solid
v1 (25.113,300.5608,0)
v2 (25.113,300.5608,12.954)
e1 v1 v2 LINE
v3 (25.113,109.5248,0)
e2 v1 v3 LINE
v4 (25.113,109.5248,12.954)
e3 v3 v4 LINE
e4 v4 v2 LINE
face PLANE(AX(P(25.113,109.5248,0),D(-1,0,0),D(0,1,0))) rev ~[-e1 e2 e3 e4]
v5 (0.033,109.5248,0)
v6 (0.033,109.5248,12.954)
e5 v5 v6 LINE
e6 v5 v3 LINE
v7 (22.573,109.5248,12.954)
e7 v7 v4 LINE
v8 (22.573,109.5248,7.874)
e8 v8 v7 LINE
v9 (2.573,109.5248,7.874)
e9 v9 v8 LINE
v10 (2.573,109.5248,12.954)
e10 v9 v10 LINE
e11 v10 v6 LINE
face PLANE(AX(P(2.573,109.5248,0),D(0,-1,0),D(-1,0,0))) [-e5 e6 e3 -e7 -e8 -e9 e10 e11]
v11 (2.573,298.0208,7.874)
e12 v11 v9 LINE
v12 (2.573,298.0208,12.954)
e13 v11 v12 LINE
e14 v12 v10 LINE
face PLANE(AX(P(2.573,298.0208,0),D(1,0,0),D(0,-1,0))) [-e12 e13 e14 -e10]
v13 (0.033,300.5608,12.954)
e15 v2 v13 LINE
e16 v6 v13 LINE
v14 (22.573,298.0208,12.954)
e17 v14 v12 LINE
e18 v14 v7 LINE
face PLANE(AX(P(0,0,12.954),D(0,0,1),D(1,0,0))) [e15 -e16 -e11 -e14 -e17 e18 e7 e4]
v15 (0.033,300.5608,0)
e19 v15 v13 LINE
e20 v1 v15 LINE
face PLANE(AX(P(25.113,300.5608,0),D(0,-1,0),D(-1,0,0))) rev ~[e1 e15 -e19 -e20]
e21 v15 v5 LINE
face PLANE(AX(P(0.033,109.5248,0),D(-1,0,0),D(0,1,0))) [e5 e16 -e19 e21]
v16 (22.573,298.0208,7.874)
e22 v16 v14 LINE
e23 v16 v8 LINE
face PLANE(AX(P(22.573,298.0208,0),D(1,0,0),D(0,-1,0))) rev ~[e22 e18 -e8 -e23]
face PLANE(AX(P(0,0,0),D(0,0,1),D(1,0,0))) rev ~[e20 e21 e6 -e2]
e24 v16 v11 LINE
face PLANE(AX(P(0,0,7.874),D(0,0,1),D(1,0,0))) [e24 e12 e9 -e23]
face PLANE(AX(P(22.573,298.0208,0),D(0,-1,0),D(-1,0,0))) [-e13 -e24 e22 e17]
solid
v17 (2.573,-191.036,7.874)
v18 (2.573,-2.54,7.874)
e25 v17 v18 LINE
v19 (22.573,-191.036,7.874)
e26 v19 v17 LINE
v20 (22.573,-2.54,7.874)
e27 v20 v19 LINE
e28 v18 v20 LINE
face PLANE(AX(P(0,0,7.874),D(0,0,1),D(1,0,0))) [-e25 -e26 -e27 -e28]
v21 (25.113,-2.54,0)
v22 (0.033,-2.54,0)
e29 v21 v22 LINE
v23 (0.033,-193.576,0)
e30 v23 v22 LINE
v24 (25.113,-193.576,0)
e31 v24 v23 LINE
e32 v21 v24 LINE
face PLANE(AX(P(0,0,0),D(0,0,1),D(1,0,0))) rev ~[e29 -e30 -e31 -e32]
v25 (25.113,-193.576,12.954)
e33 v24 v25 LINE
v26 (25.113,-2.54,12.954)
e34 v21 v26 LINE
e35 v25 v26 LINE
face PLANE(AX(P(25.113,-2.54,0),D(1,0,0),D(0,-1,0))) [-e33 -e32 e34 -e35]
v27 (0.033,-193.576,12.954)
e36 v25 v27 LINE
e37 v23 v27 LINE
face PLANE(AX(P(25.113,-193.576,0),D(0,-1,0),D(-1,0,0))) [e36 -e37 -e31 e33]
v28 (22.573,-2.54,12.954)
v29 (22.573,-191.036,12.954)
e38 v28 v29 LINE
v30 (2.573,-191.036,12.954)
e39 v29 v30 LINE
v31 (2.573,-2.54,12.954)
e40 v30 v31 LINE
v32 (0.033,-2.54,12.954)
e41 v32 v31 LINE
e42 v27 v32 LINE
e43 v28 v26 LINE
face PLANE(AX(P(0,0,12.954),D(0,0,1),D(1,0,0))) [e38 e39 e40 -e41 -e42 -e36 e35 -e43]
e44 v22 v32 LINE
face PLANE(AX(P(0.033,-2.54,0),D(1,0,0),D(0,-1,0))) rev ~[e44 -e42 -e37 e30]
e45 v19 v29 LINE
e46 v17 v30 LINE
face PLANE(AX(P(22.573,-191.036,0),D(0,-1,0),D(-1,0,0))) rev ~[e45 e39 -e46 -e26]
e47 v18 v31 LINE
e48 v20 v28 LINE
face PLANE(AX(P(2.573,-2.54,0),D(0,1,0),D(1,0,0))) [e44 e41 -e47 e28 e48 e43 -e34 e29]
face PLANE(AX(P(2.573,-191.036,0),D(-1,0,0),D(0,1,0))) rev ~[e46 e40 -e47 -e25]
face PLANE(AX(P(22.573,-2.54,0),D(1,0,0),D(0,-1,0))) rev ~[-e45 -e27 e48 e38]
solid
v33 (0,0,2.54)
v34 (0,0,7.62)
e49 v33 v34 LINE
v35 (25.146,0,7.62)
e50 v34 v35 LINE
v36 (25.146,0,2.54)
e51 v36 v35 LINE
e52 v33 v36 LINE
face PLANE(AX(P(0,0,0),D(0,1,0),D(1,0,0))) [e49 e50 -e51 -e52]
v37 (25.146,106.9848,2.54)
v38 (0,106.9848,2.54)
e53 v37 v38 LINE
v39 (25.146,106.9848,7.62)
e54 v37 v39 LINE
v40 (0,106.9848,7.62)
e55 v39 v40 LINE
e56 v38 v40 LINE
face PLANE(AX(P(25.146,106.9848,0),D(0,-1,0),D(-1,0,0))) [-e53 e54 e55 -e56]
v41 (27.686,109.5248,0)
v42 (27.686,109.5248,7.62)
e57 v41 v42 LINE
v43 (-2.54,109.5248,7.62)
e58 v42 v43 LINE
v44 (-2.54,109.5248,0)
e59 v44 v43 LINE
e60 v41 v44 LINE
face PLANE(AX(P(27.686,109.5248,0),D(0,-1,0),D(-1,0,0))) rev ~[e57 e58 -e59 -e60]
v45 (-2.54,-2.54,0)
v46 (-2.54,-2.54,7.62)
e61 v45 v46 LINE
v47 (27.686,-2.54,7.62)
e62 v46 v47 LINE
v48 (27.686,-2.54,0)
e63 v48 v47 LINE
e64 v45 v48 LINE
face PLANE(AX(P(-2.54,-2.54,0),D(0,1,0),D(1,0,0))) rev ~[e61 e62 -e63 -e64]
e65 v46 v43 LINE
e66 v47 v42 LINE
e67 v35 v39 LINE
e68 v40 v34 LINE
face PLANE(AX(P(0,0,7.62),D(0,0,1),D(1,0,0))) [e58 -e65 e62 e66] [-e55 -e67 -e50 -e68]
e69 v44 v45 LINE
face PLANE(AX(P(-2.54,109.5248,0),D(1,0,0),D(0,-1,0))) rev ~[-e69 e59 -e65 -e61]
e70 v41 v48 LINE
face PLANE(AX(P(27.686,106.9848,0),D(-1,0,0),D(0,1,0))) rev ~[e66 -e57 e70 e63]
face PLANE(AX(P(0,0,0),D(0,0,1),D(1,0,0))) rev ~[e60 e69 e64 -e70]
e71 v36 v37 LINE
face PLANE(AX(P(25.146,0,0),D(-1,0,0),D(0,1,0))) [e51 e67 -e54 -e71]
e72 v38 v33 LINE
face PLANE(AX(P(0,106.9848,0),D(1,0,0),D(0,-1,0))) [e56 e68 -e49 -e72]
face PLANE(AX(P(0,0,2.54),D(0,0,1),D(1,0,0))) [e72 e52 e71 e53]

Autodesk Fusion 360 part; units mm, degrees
sketch "Sketch2" plane through (0, 0, 0) normal (0, 0, 1) x (1, 0, 0)
  line L0 (0, 0) -> (25.146, 0)
  line L1 (25.146, 0) -> (25.146, 106.9848)
  line L2 (25.146, 106.9848) -> (0, 106.9848)
  line L3 (0, 106.9848) -> (0, 0)
  line L4 (0, 106.9848) -> (-2.54, 106.9848)
  line L5 (-2.54, 106.9848) -> (-2.54, 0)
  line L6 (-2.54, 0) -> (0, 0)
  line L7 (0, 0) -> (0, 106.9848)
  line L8 (25.146, 0) -> (27.686, 0)
  line L9 (27.686, 0) -> (27.686, 106.9848)
  line L10 (27.686, 106.9848) -> (25.146, 106.9848)
  line L11 (25.146, 106.9848) -> (25.146, 0)
  line L12 (71.12, 68.58) -> (71.12, 66.04)
  line L13 (-2.54, 104.4448) -> (-2.54, 106.9848)
  line L14 (-2.54, 106.9848) -> (27.686, 106.9848)
  line L15 (27.686, 106.9848) -> (27.686, 109.5248)
  line L16 (27.686, 109.5248) -> (-2.54, 109.5248)
  line L17 (-2.54, 109.5248) -> (-2.54, 106.9848)
  line L18 (27.686, 0) -> (-2.54, 0)
  line L19 (-2.54, 0) -> (-2.54, -2.54)
  line L20 (-2.54, -2.54) -> (27.686, -2.54)
  line L21 (27.686, -2.54) -> (27.686, 0)
  dimension "d46" = 25.146
  dimension "d47" = 106.9848
  dimension "d48" = 2.54
  dimension "d49" = 2.54
  dimension "d51" = 2.54
  dimension "d52" = 2.54
  dimension "d53" = 30.226
  dimension "d54" = 2.54
  dimension "d55" = 30.226
  dimension "d96" = 106.9848
extrude "Extrude10" add sketch "Sketch2" along normal blind 2.54 contours L0 L1 L2 L3 L7 L11 L14 L18 makes body 1
extrude "Extrude11" add sketch "Sketch2" along normal blind 7.62 contours L1 L8 L9 L10 L11 L14 L18 bodies 1
extrude "Extrude12" add sketch "Sketch2" along normal blind 7.62 contours L0 L6 L8 L18 L19 L20 L21 bodies 1
extrude "Extrude13" add sketch "Sketch2" along normal blind 7.62 contours L3 L4 L5 L6 L7 L13 L14 L18 bodies 1
extrude "Extrude14" add sketch "Sketch2" along normal blind 7.62 contours L2 L4 L10 L14 L15 L16 L17 bodies 1
sketch "Sketch3" plane through (0, 0, 0) normal (0, 0, 1) x (1, 0, 0)
  line L0 (2.573, -2.54) -> (22.573, -2.54)
  line L1 (22.573, -2.54) -> (22.573, -191.036)
  line L2 (22.573, -191.036) -> (2.573, -191.036)
  line L3 (2.573, -191.036) -> (2.573, -2.54)
  line L4 (-2.54, -2.54) -> (27.686, -2.54)
  line L5 (27.686, -2.54) -> (27.686, 6.5024) construction
  line L6 (-2.54, -2.54) -> (-2.54, 5.6707) construction
  line L7 (2.573, -2.54) -> (0.033, -2.54) construction
  line L8 (0.033, -191.036) -> (2.573, -191.036) construction
  line L9 (2.573, -2.54) -> (0.033, -2.54)
  line L10 (0.033, -2.54) -> (0.033, -191.036)
  line L11 (0.033, -191.036) -> (2.573, -191.036)
  line L12 (2.573, -191.036) -> (2.573, -2.54)
  line L13 (22.573, -2.54) -> (25.113, -2.54)
  line L14 (25.113, -2.54) -> (25.113, -191.036)
  line L15 (25.113, -191.036) -> (22.573, -191.036)
  line L16 (22.573, -191.036) -> (22.573, -2.54)
  line L17 (0.033, -191.036) -> (25.113, -191.036)
  line L18 (25.113, -191.036) -> (25.113, -193.576)
  line L19 (25.113, -193.576) -> (0.033, -193.576)
  line L20 (0.033, -193.576) -> (0.033, -191.036)
  line L21 (-2.54, 106.9848) -> (-2.54, 0)
  line L22 (-2.54, 53.4924) -> (30.48, 53.4924)
  line L23 (25.113, 109.5248) -> (25.113, 298.0208)
  line L24 (22.573, 298.0208) -> (22.573, 109.5248)
  line L25 (2.573, 298.0208) -> (2.573, 109.5248)
  line L26 (0.033, 109.5248) -> (0.033, 298.0208)
  line L27 (2.573, 109.5248) -> (22.573, 109.5248)
  line L28 (2.573, 109.5248) -> (0.033, 109.5248)
  line L29 (22.573, 109.5248) -> (25.113, 109.5248)
  line L30 (27.686, 109.5248) -> (27.686, 100.4824) construction
  line L31 (-2.54, 109.5248) -> (-2.54, 101.3141) construction
  line L32 (25.113, 300.5608) -> (0.033, 300.5608)
  line L33 (0.033, 298.0208) -> (2.573, 298.0208)
  line L34 (22.573, 298.0208) -> (2.573, 298.0208)
  line L35 (25.113, 298.0208) -> (22.573, 298.0208)
  line L36 (25.113, 298.0208) -> (25.113, 300.5608)
  line L37 (0.033, 300.5608) -> (0.033, 298.0208)
  dimension "d66" = 188.496
  dimension "d67" = 20
  dimension "d68" = 5.113
  dimension "d69" = 5.113
  dimension "d71" = 188.496
  dimension "d72" = 2.54
  dimension "d73" = 188.496
  dimension "d74" = 2.54
  dimension "d75" = 188.496
  dimension "d76" = 25.08
  dimension "d77" = 2.54
extrude "Extrude15" add sketch "Sketch3" along normal blind 7.874 separate body contours L0 L1 L2 L3 L4 L12 L16 L17 makes body 2
extrude "Extrude16" add sketch "Sketch3" along normal blind 12.954 separate body contours L1 L4 L13 L14 L15 L16 L17 makes body 3
extrude "Extrude17" add sketch "Sketch3" along normal blind 12.954 separate body contours L3 L4 L9 L10 L11 L12 L17 makes body 4
extrude "Extrude18" add sketch "Sketch3" along normal blind 12.954 separate body contours L2 L11 L15 L17 L18 L19 L20 makes body 5
combine "Combine1" operation add target body 2 tool bodies 5 4 3
extrude "Extrude19" add sketch "Sketch3" along normal blind 7.874 separate body contours L24 L25 L27 L34 makes body 6
extrude "Extrude20" add sketch "Sketch3" along normal blind 12.954 separate body contours L23 L24 L29 L35 makes body 7
extrude "Extrude21" add sketch "Sketch3" along normal blind 12.954 separate body contours L32 L33 L34 L35 L36 L37 makes body 8
extrude "Extrude22" add sketch "Sketch3" along normal blind 12.954 separate body contours L25 L26 L28 L33 makes body 9
combine "Combine2" operation add target body 9 tool bodies 7 6 8
equation "ReaderDepth = 0.9 in"
equation "ReaderWidth = 1.3 in"
equation "Width = ( ReaderWidth * 3 ) * 1.08"
equation "Depth = ReaderDepth * 1.1"
equation "WallWidth = 0.1 in"
equation "BitHeight = 0.6 in"
equation "Height = 0.1 in"
equation "WallHeight = ( BitHeight / 3 ) + Height"
equation "RackLength = 188.496 mm"
equation "RackWidth = 20 mm"
equation "d46 = Depth"
equation "d47 = Width"
equation "d48 = WallWidth"
equation "d49 = WallWidth"
equation "d51 = WallWidth"
equation "d52 = WallWidth"
equation "d53 = Depth + ( 2 * WallWidth )"
equation "d54 = WallWidth"
equation "d55 = Depth + ( 2 * WallWidth )"
equation "d56 = Height"
equation "d58 = WallHeight"
equation "d60 = WallHeight"
equation "d62 = WallHeight"
equation "d64 = WallHeight"
equation "d66 = RackLength"
equation "d67 = RackWidth"
equation "d68 = d69"
equation "d71 = RackLength"
equation "d72 = WallWidth"
equation "d73 = RackLength"
equation "d74 = WallWidth"
equation "d75 = RackLength"
equation "d76 = RackWidth + ( 2 * WallWidth )"
equation "d77 = WallWidth"
equation "RackHolderHeight = 0.31 in"
equation "RackHolderWalls = RackHolderHeight + ( WallHeight - Height )"
equation "d80 = RackHolderHeight"
equation "d82 = RackHolderWalls"
equation "d84 = RackHolderWalls"
equation "d86 = RackHolderWalls"
equation "d88 = RackHolderHeight"
equation "d90 = RackHolderWalls"
equation "d92 = RackHolderWalls"
equation "d94 = RackHolderWalls"
equation "d96 = Width"
